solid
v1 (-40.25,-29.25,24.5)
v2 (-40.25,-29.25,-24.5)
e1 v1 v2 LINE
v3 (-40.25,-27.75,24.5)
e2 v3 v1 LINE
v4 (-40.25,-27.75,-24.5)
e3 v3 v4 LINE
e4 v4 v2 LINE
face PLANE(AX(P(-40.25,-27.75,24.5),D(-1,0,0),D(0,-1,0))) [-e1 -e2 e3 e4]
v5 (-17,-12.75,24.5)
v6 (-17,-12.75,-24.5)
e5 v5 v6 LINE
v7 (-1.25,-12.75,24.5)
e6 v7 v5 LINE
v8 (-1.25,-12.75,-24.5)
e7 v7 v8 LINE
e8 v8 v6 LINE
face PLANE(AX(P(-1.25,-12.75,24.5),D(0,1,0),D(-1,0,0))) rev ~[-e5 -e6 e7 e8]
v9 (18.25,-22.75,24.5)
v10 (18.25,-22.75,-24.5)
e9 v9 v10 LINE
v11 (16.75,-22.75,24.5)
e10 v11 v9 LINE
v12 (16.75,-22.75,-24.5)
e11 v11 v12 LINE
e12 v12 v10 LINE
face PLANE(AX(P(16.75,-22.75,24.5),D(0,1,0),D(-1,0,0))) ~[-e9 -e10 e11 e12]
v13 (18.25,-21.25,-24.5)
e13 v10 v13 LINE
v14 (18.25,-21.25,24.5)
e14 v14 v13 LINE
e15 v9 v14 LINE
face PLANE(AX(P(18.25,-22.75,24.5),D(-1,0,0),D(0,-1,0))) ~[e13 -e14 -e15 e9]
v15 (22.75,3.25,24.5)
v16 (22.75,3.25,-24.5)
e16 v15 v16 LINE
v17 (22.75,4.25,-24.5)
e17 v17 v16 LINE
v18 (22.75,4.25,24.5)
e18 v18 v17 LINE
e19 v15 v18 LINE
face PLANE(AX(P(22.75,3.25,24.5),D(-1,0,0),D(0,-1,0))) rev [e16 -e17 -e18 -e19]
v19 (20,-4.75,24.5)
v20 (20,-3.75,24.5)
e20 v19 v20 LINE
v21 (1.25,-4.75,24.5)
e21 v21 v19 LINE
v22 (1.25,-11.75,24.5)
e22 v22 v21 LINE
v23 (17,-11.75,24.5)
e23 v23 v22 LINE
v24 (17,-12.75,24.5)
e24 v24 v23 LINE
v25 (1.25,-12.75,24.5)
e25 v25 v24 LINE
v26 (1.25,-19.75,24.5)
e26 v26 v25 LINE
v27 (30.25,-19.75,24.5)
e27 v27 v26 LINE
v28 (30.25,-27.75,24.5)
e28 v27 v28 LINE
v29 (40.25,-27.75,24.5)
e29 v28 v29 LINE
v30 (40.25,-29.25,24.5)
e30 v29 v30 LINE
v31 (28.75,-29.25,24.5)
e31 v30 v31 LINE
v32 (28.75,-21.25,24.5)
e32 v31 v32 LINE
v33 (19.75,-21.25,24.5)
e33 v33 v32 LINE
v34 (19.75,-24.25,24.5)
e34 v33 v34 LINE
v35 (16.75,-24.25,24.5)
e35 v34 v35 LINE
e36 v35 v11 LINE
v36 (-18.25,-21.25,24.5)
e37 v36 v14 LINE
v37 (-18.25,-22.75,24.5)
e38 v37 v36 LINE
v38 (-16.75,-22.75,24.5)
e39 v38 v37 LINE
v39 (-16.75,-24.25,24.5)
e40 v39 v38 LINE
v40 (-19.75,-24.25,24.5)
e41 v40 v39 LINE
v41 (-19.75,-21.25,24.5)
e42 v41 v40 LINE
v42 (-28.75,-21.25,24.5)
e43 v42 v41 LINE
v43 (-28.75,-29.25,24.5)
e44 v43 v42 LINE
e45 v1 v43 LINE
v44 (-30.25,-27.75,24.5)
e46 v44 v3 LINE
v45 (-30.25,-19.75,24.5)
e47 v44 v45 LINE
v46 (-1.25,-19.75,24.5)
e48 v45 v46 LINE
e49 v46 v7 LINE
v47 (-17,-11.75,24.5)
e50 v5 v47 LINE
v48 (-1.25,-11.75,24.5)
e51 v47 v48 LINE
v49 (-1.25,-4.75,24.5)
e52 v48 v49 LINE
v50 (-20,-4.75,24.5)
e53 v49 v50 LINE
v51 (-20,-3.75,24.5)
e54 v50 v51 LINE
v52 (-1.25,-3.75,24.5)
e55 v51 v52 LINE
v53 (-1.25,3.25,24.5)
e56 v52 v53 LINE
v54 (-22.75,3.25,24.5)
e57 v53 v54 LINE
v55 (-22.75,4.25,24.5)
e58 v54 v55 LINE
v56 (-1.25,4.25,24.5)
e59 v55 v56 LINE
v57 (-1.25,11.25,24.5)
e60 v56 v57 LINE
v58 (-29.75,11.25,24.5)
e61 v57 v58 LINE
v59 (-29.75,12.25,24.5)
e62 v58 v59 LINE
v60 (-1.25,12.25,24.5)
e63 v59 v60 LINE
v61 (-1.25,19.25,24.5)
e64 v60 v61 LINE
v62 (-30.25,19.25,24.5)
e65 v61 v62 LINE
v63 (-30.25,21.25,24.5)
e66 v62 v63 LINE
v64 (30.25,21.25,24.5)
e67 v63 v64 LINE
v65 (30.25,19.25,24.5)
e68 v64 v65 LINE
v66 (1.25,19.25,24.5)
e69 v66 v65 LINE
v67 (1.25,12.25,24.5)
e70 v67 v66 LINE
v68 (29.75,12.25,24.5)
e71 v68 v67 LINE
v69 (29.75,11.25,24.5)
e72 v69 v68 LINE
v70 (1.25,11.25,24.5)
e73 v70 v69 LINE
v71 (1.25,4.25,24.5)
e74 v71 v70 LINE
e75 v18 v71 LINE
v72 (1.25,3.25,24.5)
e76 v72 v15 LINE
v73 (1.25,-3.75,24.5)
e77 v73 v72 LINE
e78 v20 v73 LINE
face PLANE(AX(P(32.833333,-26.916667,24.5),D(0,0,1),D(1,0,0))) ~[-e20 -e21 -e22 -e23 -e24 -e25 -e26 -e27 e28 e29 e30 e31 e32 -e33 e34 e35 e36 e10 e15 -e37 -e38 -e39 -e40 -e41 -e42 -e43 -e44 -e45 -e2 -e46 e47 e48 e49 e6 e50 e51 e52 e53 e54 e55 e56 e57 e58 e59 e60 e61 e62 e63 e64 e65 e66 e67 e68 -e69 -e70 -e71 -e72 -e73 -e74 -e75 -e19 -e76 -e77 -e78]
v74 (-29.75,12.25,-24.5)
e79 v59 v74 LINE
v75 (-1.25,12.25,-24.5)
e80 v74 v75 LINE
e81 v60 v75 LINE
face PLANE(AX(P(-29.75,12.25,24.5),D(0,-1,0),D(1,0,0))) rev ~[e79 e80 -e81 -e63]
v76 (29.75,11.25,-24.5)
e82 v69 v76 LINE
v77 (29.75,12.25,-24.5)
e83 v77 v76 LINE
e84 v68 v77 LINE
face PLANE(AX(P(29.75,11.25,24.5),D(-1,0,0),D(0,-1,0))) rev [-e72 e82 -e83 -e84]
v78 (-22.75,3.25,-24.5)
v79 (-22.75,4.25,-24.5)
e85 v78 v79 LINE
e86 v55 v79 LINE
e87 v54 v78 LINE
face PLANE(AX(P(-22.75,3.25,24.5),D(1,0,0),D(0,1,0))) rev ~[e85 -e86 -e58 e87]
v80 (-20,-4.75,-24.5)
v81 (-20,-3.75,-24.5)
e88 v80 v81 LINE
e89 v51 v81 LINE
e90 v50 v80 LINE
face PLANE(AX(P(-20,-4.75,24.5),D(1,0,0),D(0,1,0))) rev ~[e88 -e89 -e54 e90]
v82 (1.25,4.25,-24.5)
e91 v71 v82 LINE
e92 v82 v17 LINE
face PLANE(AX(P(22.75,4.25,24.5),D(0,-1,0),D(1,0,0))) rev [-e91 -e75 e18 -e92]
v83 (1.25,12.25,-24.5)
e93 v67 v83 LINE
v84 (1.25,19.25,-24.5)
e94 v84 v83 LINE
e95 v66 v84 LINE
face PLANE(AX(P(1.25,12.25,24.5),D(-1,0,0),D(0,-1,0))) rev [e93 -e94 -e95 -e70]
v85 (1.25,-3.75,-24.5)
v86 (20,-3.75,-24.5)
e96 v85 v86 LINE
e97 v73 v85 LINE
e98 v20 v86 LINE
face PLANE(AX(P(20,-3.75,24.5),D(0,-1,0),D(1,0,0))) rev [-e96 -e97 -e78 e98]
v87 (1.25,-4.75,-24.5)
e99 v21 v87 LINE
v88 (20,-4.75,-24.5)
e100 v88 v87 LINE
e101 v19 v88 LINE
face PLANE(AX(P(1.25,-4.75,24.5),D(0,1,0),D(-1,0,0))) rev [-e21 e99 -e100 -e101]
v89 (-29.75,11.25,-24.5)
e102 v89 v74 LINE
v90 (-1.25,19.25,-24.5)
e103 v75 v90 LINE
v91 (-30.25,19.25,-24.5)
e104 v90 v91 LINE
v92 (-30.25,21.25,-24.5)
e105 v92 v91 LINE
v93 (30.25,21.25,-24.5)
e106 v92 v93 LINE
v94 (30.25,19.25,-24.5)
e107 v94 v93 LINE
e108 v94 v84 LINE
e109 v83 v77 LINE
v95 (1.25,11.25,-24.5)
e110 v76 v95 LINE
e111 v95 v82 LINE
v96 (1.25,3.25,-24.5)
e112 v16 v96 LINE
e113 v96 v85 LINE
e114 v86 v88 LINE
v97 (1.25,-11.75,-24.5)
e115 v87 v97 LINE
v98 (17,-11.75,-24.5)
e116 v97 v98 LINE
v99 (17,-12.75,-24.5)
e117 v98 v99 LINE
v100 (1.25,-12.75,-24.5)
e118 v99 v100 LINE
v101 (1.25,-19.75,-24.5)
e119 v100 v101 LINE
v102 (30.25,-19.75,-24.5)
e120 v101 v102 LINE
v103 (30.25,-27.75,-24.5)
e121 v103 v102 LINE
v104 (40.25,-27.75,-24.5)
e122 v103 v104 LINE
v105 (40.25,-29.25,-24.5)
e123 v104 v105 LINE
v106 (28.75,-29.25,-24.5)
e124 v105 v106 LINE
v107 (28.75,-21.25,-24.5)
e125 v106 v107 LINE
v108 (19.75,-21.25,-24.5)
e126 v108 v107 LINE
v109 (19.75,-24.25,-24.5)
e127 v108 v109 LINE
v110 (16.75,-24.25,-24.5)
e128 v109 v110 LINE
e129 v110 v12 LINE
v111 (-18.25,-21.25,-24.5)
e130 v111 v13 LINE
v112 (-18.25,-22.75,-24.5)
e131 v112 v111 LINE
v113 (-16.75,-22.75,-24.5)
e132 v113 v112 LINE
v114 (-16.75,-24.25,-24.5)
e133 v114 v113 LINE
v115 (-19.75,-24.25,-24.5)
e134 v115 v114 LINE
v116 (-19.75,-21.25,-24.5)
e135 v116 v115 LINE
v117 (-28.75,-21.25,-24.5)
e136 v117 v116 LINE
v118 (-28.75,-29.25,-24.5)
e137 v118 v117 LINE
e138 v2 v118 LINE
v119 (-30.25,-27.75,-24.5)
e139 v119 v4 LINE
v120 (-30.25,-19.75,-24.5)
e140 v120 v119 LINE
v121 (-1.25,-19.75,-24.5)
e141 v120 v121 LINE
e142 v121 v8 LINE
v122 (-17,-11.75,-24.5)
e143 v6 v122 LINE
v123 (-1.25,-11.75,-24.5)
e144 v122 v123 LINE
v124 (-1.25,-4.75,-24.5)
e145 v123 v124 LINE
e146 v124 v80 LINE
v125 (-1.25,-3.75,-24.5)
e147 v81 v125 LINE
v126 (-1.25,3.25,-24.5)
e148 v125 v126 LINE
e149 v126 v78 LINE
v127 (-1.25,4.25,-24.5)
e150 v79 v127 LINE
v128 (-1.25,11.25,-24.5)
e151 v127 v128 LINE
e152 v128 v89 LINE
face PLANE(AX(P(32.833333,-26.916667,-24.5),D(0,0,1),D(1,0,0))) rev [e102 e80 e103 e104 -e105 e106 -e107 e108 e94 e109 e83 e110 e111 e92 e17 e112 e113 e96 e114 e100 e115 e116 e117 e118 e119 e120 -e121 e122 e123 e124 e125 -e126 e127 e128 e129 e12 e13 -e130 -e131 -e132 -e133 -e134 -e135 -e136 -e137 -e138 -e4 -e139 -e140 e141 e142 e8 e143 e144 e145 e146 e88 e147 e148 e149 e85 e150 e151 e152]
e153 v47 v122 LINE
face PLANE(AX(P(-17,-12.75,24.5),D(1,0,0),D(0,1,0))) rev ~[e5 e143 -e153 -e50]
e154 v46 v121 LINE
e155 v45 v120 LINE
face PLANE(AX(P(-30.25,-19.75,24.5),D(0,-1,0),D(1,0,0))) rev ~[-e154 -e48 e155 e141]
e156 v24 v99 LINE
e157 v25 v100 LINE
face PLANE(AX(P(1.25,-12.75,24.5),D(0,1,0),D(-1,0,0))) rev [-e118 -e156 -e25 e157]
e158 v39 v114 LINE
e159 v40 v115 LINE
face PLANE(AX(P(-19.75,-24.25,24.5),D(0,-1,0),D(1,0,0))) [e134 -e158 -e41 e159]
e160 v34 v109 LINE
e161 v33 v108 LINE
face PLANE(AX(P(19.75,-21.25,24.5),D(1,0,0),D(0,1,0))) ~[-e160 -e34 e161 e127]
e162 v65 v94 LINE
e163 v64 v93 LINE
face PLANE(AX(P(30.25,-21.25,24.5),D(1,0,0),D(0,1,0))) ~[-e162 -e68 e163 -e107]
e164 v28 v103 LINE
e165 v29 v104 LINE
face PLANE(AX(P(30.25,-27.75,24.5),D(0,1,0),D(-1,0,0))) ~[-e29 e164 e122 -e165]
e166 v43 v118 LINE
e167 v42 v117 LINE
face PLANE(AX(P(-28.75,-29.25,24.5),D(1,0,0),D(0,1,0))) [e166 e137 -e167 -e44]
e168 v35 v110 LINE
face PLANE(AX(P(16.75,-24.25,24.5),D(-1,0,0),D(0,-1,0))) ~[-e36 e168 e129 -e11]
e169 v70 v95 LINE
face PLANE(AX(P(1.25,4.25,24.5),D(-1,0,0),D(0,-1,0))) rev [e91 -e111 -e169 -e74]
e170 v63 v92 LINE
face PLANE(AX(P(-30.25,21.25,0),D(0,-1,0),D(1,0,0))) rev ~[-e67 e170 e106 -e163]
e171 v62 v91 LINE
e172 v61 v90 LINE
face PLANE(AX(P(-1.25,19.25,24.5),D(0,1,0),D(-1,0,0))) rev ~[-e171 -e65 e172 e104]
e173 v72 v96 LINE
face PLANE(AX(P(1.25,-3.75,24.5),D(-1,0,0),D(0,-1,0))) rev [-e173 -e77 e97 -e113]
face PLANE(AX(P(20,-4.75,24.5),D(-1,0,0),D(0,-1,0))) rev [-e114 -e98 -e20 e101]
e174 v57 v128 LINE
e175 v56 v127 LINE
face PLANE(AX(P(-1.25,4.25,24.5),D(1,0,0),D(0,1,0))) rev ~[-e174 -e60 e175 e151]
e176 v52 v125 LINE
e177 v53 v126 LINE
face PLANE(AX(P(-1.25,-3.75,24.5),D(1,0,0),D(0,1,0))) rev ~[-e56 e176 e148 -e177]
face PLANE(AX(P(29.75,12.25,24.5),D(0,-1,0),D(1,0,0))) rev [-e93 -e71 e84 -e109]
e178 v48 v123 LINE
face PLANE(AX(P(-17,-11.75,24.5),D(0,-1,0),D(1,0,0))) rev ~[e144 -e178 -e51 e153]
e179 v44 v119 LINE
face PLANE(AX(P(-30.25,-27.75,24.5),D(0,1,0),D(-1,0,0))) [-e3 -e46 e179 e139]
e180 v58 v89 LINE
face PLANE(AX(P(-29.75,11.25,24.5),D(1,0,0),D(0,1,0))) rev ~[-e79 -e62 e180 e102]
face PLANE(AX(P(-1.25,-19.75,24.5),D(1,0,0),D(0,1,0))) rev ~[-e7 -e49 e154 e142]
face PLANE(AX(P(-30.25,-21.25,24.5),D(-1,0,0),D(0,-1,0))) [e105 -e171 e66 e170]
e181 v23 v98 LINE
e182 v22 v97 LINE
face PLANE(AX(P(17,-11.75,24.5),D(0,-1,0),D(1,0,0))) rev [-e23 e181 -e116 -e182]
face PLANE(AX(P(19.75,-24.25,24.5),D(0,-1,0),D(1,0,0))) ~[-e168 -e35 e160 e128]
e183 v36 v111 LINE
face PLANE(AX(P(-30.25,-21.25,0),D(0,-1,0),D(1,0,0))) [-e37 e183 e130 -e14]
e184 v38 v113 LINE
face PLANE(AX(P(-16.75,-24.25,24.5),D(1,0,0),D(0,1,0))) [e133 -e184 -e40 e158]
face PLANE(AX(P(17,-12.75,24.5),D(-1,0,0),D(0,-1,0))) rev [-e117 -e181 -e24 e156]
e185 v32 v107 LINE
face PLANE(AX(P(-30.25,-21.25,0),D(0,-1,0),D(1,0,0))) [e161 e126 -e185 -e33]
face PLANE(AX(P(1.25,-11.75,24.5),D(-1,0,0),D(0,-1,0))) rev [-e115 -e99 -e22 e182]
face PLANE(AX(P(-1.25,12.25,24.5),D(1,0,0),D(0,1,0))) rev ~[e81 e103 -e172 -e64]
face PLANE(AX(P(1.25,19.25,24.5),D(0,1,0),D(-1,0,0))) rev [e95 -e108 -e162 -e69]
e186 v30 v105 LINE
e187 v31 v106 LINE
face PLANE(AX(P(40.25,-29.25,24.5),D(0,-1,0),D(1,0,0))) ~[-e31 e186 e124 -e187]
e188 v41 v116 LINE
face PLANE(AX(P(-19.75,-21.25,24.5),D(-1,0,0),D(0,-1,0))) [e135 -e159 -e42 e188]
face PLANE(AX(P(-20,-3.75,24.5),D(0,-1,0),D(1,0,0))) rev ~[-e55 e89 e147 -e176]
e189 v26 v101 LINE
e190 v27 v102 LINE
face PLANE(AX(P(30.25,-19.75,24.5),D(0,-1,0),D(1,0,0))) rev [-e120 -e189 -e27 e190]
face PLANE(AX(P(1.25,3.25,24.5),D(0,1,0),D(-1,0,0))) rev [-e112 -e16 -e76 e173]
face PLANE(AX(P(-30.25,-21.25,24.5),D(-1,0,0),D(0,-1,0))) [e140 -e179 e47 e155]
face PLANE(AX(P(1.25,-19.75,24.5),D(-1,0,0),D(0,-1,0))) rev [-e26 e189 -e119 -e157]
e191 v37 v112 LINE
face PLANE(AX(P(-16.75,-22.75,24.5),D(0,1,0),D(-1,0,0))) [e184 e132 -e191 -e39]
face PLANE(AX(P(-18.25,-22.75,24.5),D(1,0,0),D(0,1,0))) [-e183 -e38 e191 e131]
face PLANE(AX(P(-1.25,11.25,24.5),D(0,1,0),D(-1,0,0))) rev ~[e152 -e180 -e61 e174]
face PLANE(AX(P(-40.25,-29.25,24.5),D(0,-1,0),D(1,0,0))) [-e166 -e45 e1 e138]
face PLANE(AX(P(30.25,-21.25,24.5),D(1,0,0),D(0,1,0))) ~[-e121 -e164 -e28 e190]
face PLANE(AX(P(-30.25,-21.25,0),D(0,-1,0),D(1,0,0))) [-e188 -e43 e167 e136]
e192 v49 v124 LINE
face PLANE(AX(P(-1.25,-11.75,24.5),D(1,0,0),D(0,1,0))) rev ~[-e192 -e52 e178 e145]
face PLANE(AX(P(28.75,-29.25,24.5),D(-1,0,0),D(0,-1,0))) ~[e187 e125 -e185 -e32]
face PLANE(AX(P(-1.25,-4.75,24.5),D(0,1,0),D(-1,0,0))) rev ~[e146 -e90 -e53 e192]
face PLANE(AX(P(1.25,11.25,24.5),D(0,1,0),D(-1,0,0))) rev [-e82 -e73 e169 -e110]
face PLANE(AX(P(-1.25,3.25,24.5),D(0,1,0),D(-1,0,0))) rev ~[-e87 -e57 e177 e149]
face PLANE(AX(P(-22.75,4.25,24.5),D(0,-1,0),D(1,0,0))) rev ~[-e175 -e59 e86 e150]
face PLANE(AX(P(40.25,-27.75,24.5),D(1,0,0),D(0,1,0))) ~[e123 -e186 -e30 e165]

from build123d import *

# Parameters (mm, degrees)
SKETCH1_W           = 60.5
SKETCH1_H           = 42.5
BOSS_EXTRUDE1_DEPTH = 24.5
BOSS_EXTRUDE2_DEPTH = 49
CUT_EXTRUDE1_DEPTH  = 50


with BuildPart() as part:
    # Sketch1 → Boss-Extrude1 (new body, symmetric)
    with BuildSketch(Plane.XY):
        Rectangle(SKETCH1_W, SKETCH1_H)
    extrude(amount=BOSS_EXTRUDE1_DEPTH, both=True)

    # Sketch2 → Boss-Extrude2 (add)
    with BuildSketch(Plane.XY.offset(24.5)):
        Polygon((-30.25, -21.25), (-30.25, -27.75), (-40.25, -27.75), (-40.25, -29.25), (-28.75, -29.25), (-28.75, -21.25), align=None)
        Polygon((-19.75, -21.25), (-19.75, -24.25), (-16.75, -24.25), (-16.75, -22.75), (-18.25, -22.75), (-18.25, -21.25), align=None)
    boss_extrude2 = extrude(amount=-BOSS_EXTRUDE2_DEPTH)

    # Sketch3 → Cut-Extrude1 (cut, through all)
    with BuildSketch(Plane.XY.offset(24.5)):
        Polygon((-30.25, 19.25), (-30.25, -19.75), (-1.25, -19.75), (-1.25, -12.75), (-17, -12.75), (-17, -11.75), (-1.25, -11.75), (-1.25, -4.75), (-20, -4.75), (-20, -3.75), (-1.25, -3.75), (-1.25, 3.25), (-22.75, 3.25), (-22.75, 4.25), (-1.25, 4.25), (-1.25, 11.25), (-29.75, 11.25), (-29.75, 12.25), (-1.25, 12.25), (-1.25, 19.25), align=None)
    cut_extrude1 = extrude(amount=-CUT_EXTRUDE1_DEPTH, mode=Mode.SUBTRACT)

    # Mirror1: Boss-Extrude2, Cut-Extrude1 across plane
    add(boss_extrude2.mirror(Plane(origin=(0, 0, 0), x_dir=(0, 0, 1), z_dir=(1, 0, 0))))
    add(cut_extrude1.mirror(Plane(origin=(0, 0, 0), x_dir=(0, 0, 1), z_dir=(1, 0, 0))), mode=Mode.SUBTRACT)


solid = part.part
